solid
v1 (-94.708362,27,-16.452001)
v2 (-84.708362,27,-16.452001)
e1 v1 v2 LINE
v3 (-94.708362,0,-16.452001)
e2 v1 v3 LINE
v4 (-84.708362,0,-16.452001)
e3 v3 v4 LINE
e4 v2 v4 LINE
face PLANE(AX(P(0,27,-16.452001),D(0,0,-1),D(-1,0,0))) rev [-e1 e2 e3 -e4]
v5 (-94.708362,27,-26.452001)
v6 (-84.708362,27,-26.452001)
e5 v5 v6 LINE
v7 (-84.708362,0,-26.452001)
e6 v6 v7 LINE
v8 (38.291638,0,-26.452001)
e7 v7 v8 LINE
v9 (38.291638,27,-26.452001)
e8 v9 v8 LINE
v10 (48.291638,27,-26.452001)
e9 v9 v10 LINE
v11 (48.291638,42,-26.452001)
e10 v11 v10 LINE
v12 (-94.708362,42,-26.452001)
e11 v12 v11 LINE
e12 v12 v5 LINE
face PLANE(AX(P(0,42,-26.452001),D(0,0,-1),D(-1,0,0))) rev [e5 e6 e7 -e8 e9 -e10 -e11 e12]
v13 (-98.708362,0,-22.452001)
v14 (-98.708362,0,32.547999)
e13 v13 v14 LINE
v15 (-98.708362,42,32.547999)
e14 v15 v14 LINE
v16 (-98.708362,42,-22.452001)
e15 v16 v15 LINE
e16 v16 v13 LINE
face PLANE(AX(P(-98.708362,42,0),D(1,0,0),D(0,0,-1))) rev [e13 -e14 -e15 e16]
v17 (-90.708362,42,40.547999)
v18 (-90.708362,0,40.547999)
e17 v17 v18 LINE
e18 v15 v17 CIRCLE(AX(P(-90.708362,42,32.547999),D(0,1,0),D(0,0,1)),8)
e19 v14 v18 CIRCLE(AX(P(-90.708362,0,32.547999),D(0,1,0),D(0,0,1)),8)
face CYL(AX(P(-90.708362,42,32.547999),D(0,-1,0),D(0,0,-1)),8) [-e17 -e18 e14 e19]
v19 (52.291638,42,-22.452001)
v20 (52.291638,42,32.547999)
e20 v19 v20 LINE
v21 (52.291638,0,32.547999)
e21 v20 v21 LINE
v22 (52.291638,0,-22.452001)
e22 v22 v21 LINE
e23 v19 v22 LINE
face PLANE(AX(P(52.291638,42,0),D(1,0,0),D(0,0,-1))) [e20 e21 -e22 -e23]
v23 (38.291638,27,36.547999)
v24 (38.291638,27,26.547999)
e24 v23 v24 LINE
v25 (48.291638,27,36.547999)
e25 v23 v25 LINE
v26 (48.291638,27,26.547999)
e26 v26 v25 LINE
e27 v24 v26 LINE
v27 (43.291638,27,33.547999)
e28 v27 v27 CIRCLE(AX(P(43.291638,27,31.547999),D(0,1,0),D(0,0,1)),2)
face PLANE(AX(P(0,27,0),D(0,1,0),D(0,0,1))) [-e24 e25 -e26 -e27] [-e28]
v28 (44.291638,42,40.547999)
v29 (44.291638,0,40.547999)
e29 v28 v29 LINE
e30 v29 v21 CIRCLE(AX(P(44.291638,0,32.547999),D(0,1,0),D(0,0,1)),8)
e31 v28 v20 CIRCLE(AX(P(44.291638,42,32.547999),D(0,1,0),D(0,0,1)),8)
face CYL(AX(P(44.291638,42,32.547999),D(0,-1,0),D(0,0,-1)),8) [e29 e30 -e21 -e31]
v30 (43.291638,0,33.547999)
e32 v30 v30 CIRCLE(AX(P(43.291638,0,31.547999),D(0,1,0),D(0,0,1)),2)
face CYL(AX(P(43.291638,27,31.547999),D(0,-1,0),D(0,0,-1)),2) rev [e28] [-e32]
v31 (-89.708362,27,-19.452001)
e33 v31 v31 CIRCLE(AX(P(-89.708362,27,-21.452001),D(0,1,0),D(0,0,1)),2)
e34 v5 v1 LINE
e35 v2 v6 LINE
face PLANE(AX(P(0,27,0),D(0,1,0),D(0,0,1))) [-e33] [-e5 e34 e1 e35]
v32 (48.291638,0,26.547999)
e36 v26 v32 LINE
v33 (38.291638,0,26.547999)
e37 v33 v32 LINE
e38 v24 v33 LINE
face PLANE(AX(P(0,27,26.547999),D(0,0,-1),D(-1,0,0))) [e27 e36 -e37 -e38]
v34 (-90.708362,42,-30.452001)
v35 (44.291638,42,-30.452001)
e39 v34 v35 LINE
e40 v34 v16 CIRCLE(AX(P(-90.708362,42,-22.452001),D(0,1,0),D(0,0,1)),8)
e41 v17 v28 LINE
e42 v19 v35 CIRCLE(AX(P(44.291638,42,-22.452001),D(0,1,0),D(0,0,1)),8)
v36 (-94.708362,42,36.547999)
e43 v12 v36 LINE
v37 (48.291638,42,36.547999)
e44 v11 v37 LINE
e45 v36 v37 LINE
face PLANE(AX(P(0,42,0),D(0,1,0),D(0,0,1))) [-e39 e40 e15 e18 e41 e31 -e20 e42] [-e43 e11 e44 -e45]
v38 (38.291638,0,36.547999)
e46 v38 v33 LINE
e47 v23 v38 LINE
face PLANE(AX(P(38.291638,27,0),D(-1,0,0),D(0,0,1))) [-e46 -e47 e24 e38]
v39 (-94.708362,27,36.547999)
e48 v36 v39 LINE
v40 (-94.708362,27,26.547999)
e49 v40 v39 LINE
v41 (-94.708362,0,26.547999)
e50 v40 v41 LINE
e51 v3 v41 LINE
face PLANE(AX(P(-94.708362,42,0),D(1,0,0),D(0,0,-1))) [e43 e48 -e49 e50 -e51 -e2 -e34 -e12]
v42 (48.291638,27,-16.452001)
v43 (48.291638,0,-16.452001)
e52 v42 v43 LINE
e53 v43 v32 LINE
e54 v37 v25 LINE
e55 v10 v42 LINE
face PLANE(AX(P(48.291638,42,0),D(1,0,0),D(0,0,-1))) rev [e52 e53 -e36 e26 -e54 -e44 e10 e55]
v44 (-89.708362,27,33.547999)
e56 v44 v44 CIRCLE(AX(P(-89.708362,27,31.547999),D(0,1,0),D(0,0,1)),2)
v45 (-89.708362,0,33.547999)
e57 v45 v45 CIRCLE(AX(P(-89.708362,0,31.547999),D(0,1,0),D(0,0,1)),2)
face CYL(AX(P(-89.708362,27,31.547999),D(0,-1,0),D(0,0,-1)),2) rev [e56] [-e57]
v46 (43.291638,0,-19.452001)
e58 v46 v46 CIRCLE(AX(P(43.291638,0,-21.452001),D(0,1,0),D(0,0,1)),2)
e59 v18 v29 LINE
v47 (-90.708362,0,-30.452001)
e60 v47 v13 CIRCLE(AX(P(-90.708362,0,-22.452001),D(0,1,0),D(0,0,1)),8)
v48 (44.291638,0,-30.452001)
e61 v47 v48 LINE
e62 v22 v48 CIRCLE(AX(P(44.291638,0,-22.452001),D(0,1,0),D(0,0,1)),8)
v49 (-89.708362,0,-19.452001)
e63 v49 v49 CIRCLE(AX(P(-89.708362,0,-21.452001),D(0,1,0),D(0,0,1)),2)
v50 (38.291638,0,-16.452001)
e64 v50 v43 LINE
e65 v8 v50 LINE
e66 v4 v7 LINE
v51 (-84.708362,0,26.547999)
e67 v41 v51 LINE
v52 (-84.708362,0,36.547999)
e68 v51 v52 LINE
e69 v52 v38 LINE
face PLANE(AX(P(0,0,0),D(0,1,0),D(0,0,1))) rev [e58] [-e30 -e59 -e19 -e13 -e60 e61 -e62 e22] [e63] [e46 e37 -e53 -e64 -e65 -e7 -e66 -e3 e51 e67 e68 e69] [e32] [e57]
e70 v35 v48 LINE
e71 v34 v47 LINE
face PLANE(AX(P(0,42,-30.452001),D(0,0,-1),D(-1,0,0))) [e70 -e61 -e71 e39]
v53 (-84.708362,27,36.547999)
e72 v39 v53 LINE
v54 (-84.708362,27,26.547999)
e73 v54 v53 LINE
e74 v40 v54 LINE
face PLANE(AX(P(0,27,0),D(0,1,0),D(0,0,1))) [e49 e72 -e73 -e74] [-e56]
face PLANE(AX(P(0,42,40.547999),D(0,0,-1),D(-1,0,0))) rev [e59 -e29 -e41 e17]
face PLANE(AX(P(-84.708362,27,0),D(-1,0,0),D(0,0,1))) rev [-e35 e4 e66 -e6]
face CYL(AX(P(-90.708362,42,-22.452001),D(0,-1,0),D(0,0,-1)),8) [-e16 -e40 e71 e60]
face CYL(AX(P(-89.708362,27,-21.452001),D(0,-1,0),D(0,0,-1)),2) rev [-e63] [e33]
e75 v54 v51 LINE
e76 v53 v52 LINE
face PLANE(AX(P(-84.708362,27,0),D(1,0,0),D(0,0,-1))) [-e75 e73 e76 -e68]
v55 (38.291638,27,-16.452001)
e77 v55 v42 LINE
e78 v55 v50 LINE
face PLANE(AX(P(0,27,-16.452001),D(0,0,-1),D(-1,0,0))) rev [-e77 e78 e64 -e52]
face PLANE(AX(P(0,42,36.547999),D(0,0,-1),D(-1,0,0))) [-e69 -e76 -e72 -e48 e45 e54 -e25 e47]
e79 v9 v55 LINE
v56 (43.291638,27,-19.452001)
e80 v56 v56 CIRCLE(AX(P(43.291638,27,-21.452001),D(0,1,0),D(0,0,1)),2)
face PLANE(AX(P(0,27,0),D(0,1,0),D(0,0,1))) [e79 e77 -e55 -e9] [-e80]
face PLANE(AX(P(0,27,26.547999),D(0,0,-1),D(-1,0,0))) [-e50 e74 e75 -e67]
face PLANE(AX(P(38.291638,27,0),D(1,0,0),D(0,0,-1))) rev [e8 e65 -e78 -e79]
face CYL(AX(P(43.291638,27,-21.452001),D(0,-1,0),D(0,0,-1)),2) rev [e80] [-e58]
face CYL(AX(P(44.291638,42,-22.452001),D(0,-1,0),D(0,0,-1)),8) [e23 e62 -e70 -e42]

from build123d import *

# Parameters (mm, degrees)
SKETCH1_W             = 10
SKETCH1_H             = 10
SKETCH1_R             = 2
BOSS_EXTRUDE5_DEPTH   = 27
BOSS_EXTRUDE5_2_DEPTH = 27
BOSS_EXTRUDE5_3_DEPTH = 27
BOSS_EXTRUDE5_4_DEPTH = 27
BOSS_EXTRUDE6_DEPTH   = 42


with BuildPart() as part:
    # Sketch1 → Boss-Extrude5 (new body)
    with BuildSketch(Plane(origin=(0, 0, 0), x_dir=(1, 0, 0), z_dir=(0, 1, 0))):
        with Locations((-89.708361573, 21.452000773)):
            Rectangle(SKETCH1_W, SKETCH1_H)
        with Locations((-89.708361573, 21.452000773)):
            Circle(SKETCH1_R, mode=Mode.SUBTRACT)
    extrude(amount=BOSS_EXTRUDE5_DEPTH)



with BuildPart() as body_2:
    # Sketch1 → Boss-Extrude5 2 (new body)
    with BuildSketch(Plane(origin=(0, 0, 0), x_dir=(1, 0, 0), z_dir=(0, 1, 0))):
        with Locations((43.291638427, 21.452000773)):
            Rectangle(SKETCH1_W, SKETCH1_H)
        with Locations((43.291638427, 21.452000773)):
            Circle(SKETCH1_R, mode=Mode.SUBTRACT)
    extrude(amount=BOSS_EXTRUDE5_2_DEPTH)


with BuildPart() as body_3:
    # Sketch1 → Boss-Extrude5 3 (new body)
    with BuildSketch(Plane(origin=(0, 0, 0), x_dir=(1, 0, 0), z_dir=(0, 1, 0))):
        with Locations((-89.708361573, -31.547999227)):
            Rectangle(SKETCH1_W, SKETCH1_H)
        with Locations((-89.708361573, -31.547999227)):
            Circle(SKETCH1_R, mode=Mode.SUBTRACT)
    extrude(amount=BOSS_EXTRUDE5_3_DEPTH)


with BuildPart() as body_4:
    # Sketch1 → Boss-Extrude5 4 (new body)
    with BuildSketch(Plane(origin=(0, 0, 0), x_dir=(1, 0, 0), z_dir=(0, 1, 0))):
        with Locations((43.291638427, -31.547999227)):
            Rectangle(SKETCH1_W, SKETCH1_H)
        with Locations((43.291638427, -31.547999227)):
            Circle(SKETCH1_R, mode=Mode.SUBTRACT)
    extrude(amount=BOSS_EXTRUDE5_4_DEPTH)


with BuildPart() as part_1:
    add(part.part)

    add(body_2.part)  # Boss-Extrude6 merges body 2

    add(body_3.part)  # Boss-Extrude6 merges body 3

    add(body_4.part)  # Boss-Extrude6 merges body 4
    # Sketch1<7> → Boss-Extrude6 (add)
    with BuildSketch(Plane(origin=(0, 0, 0), x_dir=(1, 0, 0), z_dir=(0, 1, 0))):
        with BuildLine():
            Line((44.291638427, 30.452000773), (-90.708361573, 30.452000773))
            ThreePointArc((-90.708361573, 30.452000773), (-96.365215823, 28.108855023), (-98.708361573, 22.452000773))
            Line((-98.708361573, 22.452000773), (-98.708361573, -32.547999227))
            ThreePointArc((-98.708361573, -32.547999227), (-96.365215823, -38.204853476), (-90.708361573, -40.547999227))
            Line((-90.708361573, -40.547999227), (44.291638427, -40.547999227))
            ThreePointArc((44.291638427, -40.547999227), (49.948492676, -38.204853476), (52.291638427, -32.547999227))
            Line((52.291638427, -32.547999227), (52.291638427, 22.452000773))
            ThreePointArc((52.291638427, 22.452000773), (49.948492676, 28.108855023), (44.291638427, 30.452000773))
        make_face()
        Polygon((-94.708361573, 16.452000773), (-94.708361573, 26.452000773), (-84.708361573, 26.452000773), (38.291638427, 26.452000773), (48.291638427, 26.452000773), (48.291638427, 16.452000773), (48.291638427, -26.547999227), (48.291638427, -36.547999227), (38.291638427, -36.547999227), (-84.708361573, -36.547999227), (-94.708361573, -36.547999227), (-94.708361573, -26.547999227), align=None, mode=Mode.SUBTRACT)
    extrude(amount=BOSS_EXTRUDE6_DEPTH)


solid = part_1.part
